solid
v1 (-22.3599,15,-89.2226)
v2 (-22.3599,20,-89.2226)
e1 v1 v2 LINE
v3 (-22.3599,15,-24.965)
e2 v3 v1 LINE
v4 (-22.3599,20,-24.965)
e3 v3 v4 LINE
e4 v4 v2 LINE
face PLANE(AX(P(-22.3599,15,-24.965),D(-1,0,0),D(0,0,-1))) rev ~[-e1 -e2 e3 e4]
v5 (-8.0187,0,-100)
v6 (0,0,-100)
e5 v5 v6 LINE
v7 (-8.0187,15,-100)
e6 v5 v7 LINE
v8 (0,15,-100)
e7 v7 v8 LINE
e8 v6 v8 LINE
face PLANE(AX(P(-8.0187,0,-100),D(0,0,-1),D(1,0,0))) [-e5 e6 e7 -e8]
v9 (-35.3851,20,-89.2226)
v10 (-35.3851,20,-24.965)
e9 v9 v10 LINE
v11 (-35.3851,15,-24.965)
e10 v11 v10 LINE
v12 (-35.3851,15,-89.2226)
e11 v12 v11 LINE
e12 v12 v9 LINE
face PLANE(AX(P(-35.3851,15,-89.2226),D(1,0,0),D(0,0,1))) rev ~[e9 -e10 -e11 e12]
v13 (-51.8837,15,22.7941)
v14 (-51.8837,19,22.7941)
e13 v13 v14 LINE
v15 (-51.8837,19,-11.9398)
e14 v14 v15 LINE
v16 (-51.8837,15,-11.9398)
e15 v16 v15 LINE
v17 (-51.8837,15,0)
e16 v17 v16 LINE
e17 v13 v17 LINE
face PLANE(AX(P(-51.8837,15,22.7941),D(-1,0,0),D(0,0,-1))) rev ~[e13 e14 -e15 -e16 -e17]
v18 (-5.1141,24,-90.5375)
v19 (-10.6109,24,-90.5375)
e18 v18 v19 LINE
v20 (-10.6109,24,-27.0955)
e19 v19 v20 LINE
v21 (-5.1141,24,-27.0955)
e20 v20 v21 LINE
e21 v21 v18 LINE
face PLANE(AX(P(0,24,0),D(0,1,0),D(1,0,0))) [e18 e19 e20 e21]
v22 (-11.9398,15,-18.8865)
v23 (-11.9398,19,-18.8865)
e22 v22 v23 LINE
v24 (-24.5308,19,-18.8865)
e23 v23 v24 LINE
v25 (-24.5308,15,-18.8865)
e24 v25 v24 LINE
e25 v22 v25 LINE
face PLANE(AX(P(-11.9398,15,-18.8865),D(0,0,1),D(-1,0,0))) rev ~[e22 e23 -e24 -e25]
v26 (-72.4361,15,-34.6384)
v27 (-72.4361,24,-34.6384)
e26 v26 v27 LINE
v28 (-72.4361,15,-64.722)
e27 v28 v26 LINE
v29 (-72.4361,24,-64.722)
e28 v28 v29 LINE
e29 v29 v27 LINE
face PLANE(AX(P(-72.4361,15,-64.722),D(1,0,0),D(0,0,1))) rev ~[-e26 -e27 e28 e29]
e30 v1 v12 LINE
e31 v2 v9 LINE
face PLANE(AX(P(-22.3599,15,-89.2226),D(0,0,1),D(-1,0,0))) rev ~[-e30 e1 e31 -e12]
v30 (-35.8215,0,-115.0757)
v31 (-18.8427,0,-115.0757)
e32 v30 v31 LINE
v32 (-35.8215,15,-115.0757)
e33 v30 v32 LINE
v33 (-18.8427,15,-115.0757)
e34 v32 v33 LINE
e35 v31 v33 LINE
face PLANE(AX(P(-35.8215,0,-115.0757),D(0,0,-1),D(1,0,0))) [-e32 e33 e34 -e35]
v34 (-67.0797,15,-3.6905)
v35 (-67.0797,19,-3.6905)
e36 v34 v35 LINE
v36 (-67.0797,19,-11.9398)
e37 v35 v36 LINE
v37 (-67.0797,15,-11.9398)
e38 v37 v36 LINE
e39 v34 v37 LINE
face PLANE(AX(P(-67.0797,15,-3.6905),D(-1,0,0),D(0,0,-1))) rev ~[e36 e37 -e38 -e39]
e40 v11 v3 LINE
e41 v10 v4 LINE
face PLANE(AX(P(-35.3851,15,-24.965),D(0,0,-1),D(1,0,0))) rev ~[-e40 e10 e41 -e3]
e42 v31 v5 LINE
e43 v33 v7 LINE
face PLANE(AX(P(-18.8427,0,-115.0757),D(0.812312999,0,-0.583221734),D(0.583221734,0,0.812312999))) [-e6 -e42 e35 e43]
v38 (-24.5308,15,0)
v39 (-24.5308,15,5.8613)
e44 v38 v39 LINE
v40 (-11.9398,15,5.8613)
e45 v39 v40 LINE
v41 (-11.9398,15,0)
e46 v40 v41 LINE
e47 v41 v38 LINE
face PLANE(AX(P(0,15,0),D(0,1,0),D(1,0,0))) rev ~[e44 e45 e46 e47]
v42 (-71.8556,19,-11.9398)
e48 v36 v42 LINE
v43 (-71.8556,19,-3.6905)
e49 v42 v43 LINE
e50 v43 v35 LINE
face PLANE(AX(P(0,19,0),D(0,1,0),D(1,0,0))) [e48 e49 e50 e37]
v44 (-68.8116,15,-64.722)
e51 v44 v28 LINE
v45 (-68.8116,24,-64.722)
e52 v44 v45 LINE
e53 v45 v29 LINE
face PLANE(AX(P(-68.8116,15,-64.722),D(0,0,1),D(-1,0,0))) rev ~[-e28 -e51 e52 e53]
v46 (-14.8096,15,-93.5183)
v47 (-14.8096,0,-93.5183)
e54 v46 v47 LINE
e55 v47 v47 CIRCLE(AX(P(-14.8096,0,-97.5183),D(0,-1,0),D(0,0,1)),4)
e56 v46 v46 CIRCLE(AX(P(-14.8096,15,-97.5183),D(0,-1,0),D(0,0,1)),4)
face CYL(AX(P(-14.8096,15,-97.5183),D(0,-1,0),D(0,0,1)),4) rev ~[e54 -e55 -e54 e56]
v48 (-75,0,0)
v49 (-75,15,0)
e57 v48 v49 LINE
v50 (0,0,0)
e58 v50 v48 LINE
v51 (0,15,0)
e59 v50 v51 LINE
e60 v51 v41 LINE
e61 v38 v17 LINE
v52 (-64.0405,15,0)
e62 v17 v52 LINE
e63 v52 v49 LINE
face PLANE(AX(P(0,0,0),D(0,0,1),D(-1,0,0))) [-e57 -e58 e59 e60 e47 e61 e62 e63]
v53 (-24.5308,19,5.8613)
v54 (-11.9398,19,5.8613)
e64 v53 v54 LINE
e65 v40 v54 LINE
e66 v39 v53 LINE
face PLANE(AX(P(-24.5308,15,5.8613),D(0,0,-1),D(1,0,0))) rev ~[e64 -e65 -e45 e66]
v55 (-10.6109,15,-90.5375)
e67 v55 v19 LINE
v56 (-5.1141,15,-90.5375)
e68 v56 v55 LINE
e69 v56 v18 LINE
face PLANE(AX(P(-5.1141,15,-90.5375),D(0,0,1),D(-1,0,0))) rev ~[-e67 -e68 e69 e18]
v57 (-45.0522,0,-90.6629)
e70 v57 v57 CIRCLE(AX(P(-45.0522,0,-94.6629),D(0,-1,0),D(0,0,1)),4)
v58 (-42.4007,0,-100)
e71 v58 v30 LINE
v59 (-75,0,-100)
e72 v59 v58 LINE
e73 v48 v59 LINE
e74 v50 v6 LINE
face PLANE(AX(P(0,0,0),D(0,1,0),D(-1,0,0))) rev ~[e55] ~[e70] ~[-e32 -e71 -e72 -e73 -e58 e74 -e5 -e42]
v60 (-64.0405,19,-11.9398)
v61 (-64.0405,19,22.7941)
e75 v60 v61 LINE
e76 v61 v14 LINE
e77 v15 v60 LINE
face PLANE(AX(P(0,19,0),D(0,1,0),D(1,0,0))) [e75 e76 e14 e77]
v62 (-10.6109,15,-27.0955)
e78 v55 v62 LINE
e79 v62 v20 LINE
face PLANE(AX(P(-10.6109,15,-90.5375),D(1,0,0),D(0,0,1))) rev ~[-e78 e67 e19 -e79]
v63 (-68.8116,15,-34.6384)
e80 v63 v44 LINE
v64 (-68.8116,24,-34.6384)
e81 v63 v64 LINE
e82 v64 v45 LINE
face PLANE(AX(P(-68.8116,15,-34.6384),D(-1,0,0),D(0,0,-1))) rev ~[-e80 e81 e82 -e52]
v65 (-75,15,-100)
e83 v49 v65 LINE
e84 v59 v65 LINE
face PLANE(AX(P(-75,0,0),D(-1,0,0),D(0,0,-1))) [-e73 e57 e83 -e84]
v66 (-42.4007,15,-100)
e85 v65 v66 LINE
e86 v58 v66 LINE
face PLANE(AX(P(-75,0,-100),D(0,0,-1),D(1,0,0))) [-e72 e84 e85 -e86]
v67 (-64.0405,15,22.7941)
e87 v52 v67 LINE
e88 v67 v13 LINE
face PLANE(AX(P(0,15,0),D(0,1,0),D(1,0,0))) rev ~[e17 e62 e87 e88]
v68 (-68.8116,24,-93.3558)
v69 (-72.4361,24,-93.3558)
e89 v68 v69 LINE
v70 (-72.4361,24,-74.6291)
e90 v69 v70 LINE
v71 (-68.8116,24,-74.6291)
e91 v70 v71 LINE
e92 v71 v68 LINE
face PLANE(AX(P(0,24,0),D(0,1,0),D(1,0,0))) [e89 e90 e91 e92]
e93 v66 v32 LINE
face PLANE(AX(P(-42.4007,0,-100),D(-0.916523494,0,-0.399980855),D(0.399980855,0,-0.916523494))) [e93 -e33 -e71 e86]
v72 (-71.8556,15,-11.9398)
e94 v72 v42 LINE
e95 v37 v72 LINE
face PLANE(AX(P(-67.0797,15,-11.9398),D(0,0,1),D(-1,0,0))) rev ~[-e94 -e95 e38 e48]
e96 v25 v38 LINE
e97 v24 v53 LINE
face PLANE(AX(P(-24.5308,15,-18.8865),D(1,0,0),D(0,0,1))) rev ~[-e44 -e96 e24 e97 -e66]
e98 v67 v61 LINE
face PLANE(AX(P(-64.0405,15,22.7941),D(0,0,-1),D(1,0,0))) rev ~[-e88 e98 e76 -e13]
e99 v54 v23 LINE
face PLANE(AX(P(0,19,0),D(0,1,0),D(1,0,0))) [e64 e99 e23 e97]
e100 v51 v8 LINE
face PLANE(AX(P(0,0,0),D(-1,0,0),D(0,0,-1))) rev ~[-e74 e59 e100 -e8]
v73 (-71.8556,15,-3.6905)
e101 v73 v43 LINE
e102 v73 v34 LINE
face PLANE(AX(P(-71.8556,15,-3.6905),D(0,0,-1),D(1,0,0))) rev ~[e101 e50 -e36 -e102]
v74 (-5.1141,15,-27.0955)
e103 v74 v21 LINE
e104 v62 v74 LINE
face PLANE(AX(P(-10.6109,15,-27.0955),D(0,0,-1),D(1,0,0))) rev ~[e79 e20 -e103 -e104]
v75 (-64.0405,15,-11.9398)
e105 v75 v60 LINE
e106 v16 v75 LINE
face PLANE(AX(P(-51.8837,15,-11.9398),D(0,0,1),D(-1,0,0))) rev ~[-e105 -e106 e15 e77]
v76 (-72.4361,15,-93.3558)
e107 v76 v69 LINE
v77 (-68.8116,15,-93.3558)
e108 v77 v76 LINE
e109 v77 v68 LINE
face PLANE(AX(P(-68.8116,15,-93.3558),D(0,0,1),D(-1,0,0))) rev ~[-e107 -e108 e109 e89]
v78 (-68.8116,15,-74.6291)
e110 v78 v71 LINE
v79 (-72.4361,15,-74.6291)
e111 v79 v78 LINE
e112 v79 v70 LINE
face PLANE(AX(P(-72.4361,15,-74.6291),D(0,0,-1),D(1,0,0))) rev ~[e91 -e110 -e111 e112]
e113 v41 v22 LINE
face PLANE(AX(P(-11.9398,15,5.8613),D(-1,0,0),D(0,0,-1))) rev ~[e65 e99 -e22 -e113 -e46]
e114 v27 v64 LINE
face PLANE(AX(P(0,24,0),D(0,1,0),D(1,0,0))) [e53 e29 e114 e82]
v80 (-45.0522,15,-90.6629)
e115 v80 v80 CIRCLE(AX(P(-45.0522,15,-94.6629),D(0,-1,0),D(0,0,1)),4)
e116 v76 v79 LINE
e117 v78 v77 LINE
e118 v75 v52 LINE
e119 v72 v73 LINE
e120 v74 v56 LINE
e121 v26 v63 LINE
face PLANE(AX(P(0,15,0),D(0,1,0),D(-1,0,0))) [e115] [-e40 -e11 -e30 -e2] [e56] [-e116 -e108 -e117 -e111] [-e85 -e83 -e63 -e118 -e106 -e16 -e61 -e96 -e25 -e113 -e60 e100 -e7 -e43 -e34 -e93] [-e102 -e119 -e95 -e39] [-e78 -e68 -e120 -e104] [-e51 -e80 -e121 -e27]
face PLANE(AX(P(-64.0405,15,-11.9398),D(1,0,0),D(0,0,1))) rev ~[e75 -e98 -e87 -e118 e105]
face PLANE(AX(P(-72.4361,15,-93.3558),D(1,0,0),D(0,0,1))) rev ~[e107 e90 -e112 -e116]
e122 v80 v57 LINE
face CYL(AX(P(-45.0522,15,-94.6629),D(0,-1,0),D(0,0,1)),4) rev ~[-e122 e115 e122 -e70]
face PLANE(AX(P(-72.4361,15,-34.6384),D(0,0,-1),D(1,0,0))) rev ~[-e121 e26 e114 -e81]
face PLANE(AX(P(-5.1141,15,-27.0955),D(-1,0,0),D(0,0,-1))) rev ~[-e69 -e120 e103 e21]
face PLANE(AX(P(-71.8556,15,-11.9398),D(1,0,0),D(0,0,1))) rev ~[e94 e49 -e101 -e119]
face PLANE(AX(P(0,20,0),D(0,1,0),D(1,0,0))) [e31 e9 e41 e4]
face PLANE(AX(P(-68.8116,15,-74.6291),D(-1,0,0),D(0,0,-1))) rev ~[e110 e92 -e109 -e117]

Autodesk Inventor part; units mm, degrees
ref_plane "YZ Plane" through (0, 0, 0) normal (1, 0, 0) x (0, 1, 0)
ref_plane "XZ Plane" through (0, 0, 0) normal (0, 1, 0) x (-1, 0, 0)
ref_plane "XY Plane" through (0, 0, 0) normal (0, 0, 1) x (1, 0, 0)
sketch "Sketch1" plane through (0, 0, 0) normal (0, 1, 0) x (-1, 0, 0)
  line L0 (0, 0) -> (0, -100)
  line L1 (0, 0) -> (75, 0)
  line L2 (75, 0) -> (75, -100)
  line L3 (75, -100) -> (42.4007, -100)
  line L4 (42.4007, -100) -> (35.8215, -115.0757)
  line L5 (35.8215, -115.0757) -> (18.8427, -115.0757)
  line L6 (18.8427, -115.0757) -> (8.0187, -100)
  line L7 (8.0187, -100) -> (0, -100)
  dimension "d0" = 100
  dimension "d1" = 75
extrude "Extrusion1" add sketch "Sketch1" along normal blind 15
sketch "Sketch2" plane through (0, 15, 0) normal (0, 1, 0) x (1, 0, 0)
  line L0 (-72.4361, 34.6384) -> (-68.8116, 34.6384)
  line L1 (-68.8116, 34.6384) -> (-68.8116, 64.722)
  line L2 (-68.8116, 64.722) -> (-72.4361, 64.722)
  line L3 (-72.4361, 64.722) -> (-72.4361, 34.6384)
  line L4 (-72.4361, 74.6291) -> (-68.8116, 74.6291)
  line L5 (-68.8116, 74.6291) -> (-68.8116, 93.3558)
  line L6 (-68.8116, 93.3558) -> (-72.4361, 93.3558)
  line L7 (-72.4361, 93.3558) -> (-72.4361, 74.6291)
  point P0 (0, 0)
extrude "Extrusion2" add sketch "Sketch2" along normal blind 9
sketch "Sketch3" plane through (0, 15, 0) normal (0, 1, 0) x (1, 0, 0)
  line L0 (-10.6109, 27.0955) -> (-5.1141, 27.0955)
  line L1 (-5.1141, 27.0955) -> (-5.1141, 90.5375)
  line L2 (-5.1141, 90.5375) -> (-10.6109, 90.5375)
  line L3 (-10.6109, 90.5375) -> (-10.6109, 27.0955)
  point P0 (0, 0)
extrude "Extrusion3" add sketch "Sketch3" along normal blind 9
sketch "Sketch4" plane through (0, 15, 0) normal (0, 1, 0) x (1, 0, 0)
  line L0 (-24.5308, -5.8613) -> (-11.9398, -5.8613)
  line L1 (-11.9398, -5.8613) -> (-11.9398, 18.8865)
  line L2 (-11.9398, 18.8865) -> (-24.5308, 18.8865)
  line L3 (-24.5308, 18.8865) -> (-24.5308, -5.8613)
  line L4 (-64.0405, -22.7941) -> (-51.8837, -22.7941)
  line L5 (-51.8837, -22.7941) -> (-51.8837, 11.9398)
  line L6 (-51.8837, 11.9398) -> (-64.0405, 11.9398)
  line L7 (-64.0405, 11.9398) -> (-64.0405, -22.7941)
  line L8 (-71.8556, 3.6905) -> (-67.0797, 3.6905)
  line L9 (-67.0797, 3.6905) -> (-67.0797, 11.9398)
  line L10 (-67.0797, 11.9398) -> (-71.8556, 11.9398)
  line L11 (-71.8556, 11.9398) -> (-71.8556, 3.6905)
  point P0 (0, 0)
extrude "Extrusion4" add sketch "Sketch4" along normal blind 4
sketch "Sketch5" plane through (0, 15, 0) normal (0, 1, 0) x (1, 0, 0)
  line L0 (-35.3851, 24.965) -> (-22.3599, 24.965)
  line L1 (-22.3599, 24.965) -> (-22.3599, 89.2226)
  line L2 (-22.3599, 89.2226) -> (-35.3851, 89.2226)
  line L3 (-35.3851, 89.2226) -> (-35.3851, 24.965)
  point P0 (0, 0)
extrude "Extrusion5" add sketch "Sketch5" along normal blind 5
sketch "Sketch6" plane through (0, 15, 0) normal (0, 1, 0) x (1, 0, 0)
  line L0 (-62.9909, 21.9257) -> (-62.9909, 90.0836) construction
  line L1 (-62.9909, 90.0836) -> (-37.1661, 90.0836) construction
  line L2 (-37.1661, 90.0836) -> (-37.1661, 21.9257) construction
  line L3 (-37.1661, 21.9257) -> (-62.9909, 21.9257) construction
  point P0 (0, 0)
sketch "Sketch7" plane through (0, 15, 0) normal (0, 1, 0) x (1, 0, 0)
  point P0 (0, 0)
  point P1 (-14.8096, 97.5183)
  point P2 (-45.0522, 94.6629)
hole "Hole1" at (-14.8096, 15, -97.5183) at (-45.0522, 15, -94.6629) direction (0, -1, 0) diameter 8 end through all
properties part number "arduino now"
